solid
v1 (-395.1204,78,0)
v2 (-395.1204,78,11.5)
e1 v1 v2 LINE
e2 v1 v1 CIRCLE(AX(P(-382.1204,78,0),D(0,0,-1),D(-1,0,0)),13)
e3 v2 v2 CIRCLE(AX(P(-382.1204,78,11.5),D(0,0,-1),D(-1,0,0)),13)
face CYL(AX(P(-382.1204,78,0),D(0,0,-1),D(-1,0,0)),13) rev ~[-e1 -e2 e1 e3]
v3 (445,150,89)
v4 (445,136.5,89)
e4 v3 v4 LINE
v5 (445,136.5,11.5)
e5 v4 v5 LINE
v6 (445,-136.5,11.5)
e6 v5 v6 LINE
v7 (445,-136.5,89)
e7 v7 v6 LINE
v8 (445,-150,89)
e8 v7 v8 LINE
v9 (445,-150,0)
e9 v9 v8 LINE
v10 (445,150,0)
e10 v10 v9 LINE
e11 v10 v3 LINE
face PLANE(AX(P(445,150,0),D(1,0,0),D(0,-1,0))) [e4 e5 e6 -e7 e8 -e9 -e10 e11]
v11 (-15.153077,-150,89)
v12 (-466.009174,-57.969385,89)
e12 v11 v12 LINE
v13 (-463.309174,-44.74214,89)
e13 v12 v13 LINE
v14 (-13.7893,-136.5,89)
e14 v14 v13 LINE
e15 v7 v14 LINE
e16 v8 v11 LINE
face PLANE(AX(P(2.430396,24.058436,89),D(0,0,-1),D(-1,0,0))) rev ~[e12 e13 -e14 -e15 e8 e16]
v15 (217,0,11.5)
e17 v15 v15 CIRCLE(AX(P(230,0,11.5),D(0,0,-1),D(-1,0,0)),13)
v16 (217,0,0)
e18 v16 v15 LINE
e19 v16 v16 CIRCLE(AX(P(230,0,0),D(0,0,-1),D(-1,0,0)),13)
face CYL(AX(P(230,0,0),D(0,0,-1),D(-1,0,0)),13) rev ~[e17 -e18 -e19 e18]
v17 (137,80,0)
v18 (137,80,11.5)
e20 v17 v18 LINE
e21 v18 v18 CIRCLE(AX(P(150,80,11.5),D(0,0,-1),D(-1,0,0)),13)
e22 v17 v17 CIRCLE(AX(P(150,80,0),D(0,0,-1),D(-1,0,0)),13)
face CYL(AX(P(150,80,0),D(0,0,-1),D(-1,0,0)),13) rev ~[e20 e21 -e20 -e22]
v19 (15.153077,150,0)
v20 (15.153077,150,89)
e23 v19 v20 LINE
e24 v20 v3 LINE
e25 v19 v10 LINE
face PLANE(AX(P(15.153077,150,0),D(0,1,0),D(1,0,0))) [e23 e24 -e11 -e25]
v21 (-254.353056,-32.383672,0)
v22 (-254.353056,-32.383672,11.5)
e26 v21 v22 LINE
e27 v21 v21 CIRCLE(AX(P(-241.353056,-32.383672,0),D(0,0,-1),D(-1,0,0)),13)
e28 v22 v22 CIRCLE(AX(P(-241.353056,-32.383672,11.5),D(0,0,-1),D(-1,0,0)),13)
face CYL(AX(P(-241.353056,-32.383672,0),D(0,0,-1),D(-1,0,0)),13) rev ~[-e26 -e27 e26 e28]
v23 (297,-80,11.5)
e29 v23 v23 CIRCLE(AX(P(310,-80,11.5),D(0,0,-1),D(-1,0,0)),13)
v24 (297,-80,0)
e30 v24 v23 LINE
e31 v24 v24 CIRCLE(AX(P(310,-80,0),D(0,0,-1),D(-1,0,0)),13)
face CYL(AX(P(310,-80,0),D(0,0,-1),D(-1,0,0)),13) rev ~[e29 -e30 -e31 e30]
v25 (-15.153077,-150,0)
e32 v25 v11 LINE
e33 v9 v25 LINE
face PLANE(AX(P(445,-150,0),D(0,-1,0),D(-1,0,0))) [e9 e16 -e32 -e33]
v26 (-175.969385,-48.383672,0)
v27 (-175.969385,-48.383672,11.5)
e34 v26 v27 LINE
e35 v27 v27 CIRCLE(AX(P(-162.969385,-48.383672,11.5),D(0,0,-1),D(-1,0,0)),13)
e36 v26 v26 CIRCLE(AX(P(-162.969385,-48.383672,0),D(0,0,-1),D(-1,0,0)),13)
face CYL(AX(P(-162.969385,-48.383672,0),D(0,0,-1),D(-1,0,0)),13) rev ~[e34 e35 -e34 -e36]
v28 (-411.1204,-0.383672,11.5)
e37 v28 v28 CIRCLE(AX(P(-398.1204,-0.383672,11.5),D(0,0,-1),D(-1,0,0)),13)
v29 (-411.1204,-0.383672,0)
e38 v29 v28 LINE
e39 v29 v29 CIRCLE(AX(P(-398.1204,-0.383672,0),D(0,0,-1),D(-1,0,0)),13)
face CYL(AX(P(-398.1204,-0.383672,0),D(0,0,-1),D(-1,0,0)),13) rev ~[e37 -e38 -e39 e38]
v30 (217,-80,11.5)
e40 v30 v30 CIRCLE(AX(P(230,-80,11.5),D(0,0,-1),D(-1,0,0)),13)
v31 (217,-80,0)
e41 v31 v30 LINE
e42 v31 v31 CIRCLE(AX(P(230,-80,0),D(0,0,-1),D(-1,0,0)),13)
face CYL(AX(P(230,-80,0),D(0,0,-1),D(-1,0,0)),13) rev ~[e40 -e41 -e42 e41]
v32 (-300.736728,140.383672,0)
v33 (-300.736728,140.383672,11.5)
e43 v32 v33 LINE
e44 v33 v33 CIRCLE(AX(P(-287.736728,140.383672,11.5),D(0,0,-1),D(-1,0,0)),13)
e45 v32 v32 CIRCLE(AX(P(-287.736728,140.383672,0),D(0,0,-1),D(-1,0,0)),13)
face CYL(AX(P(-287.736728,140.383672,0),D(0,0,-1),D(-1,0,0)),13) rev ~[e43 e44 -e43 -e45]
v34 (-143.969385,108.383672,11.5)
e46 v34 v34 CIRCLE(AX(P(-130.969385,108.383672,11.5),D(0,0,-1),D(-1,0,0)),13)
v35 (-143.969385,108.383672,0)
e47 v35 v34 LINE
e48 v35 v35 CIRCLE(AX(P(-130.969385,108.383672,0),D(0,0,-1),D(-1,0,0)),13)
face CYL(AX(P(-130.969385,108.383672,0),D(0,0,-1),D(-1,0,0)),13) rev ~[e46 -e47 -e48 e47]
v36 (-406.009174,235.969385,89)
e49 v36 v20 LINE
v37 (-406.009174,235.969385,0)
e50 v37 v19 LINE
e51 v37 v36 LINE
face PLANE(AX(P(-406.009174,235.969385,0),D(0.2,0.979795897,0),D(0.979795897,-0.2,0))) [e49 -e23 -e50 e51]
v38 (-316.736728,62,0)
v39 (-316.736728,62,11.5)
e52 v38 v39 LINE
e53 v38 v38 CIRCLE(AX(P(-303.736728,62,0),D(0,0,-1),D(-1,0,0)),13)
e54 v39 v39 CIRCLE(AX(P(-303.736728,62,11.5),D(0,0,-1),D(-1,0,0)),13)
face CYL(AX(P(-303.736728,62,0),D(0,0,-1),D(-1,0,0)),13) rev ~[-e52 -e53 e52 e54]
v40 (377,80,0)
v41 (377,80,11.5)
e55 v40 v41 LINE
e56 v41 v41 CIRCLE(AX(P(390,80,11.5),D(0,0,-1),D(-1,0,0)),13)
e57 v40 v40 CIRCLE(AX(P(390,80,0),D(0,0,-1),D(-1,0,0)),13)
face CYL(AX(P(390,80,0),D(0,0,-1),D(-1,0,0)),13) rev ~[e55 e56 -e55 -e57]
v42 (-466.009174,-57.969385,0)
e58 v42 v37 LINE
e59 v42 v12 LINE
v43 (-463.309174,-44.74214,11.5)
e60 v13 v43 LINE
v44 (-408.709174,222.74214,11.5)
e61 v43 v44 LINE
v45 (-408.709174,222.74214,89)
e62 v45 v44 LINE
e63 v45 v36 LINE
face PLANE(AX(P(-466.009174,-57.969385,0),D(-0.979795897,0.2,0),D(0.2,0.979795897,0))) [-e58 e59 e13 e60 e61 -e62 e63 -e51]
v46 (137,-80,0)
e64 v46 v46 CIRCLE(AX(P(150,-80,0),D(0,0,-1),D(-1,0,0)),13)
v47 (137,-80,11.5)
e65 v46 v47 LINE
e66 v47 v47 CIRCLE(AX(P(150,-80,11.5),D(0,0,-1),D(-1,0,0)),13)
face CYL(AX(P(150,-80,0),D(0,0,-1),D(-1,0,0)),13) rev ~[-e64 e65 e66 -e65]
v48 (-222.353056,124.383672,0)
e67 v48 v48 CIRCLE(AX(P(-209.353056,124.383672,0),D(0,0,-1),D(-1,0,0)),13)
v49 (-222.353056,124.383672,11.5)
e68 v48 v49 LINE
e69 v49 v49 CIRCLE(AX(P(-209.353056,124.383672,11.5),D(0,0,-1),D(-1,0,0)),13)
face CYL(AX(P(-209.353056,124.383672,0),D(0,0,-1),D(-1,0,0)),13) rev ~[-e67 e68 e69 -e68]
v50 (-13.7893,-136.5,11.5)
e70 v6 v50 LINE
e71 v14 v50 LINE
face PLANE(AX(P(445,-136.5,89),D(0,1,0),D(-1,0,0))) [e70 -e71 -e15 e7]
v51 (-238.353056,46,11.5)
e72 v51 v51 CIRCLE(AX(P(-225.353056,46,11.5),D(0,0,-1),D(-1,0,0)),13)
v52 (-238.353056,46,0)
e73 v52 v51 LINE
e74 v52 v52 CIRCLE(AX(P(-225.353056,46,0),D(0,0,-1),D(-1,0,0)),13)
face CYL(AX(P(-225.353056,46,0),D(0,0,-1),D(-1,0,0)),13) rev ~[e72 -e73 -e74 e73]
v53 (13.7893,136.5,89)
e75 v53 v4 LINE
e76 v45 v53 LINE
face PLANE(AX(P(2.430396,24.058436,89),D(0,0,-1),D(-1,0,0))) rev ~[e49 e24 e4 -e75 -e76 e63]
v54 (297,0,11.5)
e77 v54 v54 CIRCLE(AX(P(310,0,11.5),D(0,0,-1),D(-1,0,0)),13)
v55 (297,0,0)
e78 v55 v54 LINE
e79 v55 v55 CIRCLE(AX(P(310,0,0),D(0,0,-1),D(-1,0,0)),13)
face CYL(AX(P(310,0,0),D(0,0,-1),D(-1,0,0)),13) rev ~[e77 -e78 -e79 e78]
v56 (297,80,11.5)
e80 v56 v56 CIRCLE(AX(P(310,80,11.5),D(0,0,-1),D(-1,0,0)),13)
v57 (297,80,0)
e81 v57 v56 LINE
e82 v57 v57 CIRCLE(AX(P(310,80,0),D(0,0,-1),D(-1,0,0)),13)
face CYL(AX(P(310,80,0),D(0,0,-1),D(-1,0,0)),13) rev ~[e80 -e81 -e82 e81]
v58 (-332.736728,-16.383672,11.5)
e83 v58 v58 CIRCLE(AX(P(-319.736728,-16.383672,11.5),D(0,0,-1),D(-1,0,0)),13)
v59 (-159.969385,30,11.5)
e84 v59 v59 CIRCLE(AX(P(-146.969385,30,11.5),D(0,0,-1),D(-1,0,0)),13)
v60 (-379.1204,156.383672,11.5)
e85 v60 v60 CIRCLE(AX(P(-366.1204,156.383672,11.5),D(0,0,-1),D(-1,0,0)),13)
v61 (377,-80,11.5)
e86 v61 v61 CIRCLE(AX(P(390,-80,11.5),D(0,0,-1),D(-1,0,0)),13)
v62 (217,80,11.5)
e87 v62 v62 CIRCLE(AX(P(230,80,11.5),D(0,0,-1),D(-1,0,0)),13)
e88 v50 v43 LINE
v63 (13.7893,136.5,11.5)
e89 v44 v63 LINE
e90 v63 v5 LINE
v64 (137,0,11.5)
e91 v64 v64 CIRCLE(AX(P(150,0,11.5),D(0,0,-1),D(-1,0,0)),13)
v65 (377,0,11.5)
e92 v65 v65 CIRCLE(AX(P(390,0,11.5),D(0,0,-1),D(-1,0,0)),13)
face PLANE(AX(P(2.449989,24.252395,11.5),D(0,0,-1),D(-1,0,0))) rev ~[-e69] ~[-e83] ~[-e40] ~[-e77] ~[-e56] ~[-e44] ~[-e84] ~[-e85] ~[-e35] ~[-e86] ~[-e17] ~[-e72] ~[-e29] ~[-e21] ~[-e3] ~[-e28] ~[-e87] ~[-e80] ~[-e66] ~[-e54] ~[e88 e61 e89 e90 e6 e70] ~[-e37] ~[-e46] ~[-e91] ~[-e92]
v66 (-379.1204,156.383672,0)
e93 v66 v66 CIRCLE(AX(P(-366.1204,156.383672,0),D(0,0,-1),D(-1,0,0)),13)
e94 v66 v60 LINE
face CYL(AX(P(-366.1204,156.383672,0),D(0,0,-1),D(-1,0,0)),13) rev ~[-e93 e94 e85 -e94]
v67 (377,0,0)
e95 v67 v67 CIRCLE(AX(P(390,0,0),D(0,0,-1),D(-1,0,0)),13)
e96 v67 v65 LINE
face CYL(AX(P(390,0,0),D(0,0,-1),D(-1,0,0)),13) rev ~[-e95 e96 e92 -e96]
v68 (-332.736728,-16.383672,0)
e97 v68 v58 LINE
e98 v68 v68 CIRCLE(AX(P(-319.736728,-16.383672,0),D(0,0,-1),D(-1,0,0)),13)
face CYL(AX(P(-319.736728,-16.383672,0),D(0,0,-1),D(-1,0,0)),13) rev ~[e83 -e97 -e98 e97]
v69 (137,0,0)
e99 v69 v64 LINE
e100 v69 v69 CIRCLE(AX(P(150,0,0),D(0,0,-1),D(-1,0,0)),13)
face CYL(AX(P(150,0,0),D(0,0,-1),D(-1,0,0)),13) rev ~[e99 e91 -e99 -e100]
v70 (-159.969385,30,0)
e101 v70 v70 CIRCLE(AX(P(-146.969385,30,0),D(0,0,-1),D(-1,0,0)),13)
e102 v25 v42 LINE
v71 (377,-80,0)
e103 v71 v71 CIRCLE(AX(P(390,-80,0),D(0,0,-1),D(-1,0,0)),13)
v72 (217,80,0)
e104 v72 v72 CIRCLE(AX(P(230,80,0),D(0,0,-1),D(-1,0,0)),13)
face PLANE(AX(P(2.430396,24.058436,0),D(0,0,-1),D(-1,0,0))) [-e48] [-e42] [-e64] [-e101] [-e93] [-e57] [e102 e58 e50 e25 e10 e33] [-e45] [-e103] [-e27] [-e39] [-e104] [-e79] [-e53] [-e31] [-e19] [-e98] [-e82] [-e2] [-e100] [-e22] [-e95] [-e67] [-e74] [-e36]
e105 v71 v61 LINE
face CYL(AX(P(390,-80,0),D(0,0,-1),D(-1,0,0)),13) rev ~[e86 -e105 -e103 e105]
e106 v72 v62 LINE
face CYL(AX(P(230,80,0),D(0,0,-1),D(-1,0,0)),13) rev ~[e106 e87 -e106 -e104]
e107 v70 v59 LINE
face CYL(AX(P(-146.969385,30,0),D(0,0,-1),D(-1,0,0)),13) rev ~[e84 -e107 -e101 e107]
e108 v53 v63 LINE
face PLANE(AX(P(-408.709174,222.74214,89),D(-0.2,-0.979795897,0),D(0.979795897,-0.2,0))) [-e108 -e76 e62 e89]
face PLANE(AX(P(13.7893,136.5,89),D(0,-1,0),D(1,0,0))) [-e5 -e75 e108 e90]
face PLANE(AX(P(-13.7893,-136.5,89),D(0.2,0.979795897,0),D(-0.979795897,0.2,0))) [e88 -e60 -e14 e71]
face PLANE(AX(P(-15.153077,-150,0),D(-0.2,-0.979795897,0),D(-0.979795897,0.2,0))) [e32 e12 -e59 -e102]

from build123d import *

# Parameters (mm, degrees)
EXTRUDE_1_DEPTH             = 89
CUT_EXTRUDE_1_DEPTH         = 77.5
SKETCH_4_R                  = 13
CUT_EXTRUDE_2_DEPTH         = 530.874608663
PATTERN_LINEAR_1_COUNT      = 4
PATTERN_LINEAR_1_PITCH      = 80
PATTERN_LINEAR_1_COUNT_DIR2 = 3
PATTERN_LINEAR_1_PITCH_DIR2 = 80
SKETCH_5_R                  = 13
CUT_EXTRUDE_3_DEPTH         = 530.874608663
PATTERN_LINEAR_2_COUNT      = 4
PATTERN_LINEAR_2_PITCH      = 80
PATTERN_LINEAR_2_COUNT_DIR2 = 3
PATTERN_LINEAR_2_PITCH_DIR2 = 80


with BuildPart() as part:
    # 草图2 → 凸台-拉伸1 (new body)
    with BuildSketch(Plane.XY):
        Polygon((15.153077165, 150), (445, 150), (445, -150), (-15.153077165, -150), (-466.009174215, -57.969384567), (-406.009174215, 235.969384567), align=None)
    extrude(amount=EXTRUDE_1_DEPTH)

    # 草图3 → 切除-拉伸1 (cut)
    with BuildSketch(Plane.XY.offset(89)):
        Polygon((-408.709174215, 222.742139956), (13.78930022, 136.5), (445, 136.5), (445, -136.5), (-13.78930022, -136.5), (-463.309174215, -44.742139956), align=None)
    extrude(amount=-CUT_EXTRUDE_1_DEPTH, mode=Mode.SUBTRACT)

    # 草图4 → 切除-拉伸2 (cut, through all)
    with BuildSketch(Plane(origin=(0, 0, 0), x_dir=(-1, 0, 0), z_dir=(0, 0, -1))):
        with Locations((-390, 80)):
            Circle(SKETCH_4_R)
    cut_extrude_2 = extrude(amount=-CUT_EXTRUDE_2_DEPTH, mode=Mode.SUBTRACT)

    # 阵列(线性)1: Cut-Extrude 2 4 × 3
    with Locations(*[(-i * PATTERN_LINEAR_1_PITCH, -j * PATTERN_LINEAR_1_PITCH_DIR2, 0) for i in range(PATTERN_LINEAR_1_COUNT) for j in range(PATTERN_LINEAR_1_COUNT_DIR2) if (i, j) != (0, 0)]):
        add(cut_extrude_2, mode=Mode.SUBTRACT)

    # 草图5 → 切除-拉伸3 (cut, through all)
    with BuildSketch(Plane(origin=(0, 0, 0), x_dir=(-1, 0, 0), z_dir=(0, 0, -1))):
        with Locations((366.120399874, 156.383671769)):
            Circle(SKETCH_5_R)
    cut_extrude_3 = extrude(amount=-CUT_EXTRUDE_3_DEPTH, mode=Mode.SUBTRACT)

    # 阵列(线性)2: Cut-Extrude 3 4 × 3
    with Locations(*[Vector(0.9797958971132713, -0.2000000000000002, 0) * (i * PATTERN_LINEAR_2_PITCH) + Vector(-0.20000000000000018, -0.9797958971132713, 0) * (j * PATTERN_LINEAR_2_PITCH_DIR2) for i in range(PATTERN_LINEAR_2_COUNT) for j in range(PATTERN_LINEAR_2_COUNT_DIR2) if (i, j) != (0, 0)]):
        add(cut_extrude_3, mode=Mode.SUBTRACT)


solid = part.part
